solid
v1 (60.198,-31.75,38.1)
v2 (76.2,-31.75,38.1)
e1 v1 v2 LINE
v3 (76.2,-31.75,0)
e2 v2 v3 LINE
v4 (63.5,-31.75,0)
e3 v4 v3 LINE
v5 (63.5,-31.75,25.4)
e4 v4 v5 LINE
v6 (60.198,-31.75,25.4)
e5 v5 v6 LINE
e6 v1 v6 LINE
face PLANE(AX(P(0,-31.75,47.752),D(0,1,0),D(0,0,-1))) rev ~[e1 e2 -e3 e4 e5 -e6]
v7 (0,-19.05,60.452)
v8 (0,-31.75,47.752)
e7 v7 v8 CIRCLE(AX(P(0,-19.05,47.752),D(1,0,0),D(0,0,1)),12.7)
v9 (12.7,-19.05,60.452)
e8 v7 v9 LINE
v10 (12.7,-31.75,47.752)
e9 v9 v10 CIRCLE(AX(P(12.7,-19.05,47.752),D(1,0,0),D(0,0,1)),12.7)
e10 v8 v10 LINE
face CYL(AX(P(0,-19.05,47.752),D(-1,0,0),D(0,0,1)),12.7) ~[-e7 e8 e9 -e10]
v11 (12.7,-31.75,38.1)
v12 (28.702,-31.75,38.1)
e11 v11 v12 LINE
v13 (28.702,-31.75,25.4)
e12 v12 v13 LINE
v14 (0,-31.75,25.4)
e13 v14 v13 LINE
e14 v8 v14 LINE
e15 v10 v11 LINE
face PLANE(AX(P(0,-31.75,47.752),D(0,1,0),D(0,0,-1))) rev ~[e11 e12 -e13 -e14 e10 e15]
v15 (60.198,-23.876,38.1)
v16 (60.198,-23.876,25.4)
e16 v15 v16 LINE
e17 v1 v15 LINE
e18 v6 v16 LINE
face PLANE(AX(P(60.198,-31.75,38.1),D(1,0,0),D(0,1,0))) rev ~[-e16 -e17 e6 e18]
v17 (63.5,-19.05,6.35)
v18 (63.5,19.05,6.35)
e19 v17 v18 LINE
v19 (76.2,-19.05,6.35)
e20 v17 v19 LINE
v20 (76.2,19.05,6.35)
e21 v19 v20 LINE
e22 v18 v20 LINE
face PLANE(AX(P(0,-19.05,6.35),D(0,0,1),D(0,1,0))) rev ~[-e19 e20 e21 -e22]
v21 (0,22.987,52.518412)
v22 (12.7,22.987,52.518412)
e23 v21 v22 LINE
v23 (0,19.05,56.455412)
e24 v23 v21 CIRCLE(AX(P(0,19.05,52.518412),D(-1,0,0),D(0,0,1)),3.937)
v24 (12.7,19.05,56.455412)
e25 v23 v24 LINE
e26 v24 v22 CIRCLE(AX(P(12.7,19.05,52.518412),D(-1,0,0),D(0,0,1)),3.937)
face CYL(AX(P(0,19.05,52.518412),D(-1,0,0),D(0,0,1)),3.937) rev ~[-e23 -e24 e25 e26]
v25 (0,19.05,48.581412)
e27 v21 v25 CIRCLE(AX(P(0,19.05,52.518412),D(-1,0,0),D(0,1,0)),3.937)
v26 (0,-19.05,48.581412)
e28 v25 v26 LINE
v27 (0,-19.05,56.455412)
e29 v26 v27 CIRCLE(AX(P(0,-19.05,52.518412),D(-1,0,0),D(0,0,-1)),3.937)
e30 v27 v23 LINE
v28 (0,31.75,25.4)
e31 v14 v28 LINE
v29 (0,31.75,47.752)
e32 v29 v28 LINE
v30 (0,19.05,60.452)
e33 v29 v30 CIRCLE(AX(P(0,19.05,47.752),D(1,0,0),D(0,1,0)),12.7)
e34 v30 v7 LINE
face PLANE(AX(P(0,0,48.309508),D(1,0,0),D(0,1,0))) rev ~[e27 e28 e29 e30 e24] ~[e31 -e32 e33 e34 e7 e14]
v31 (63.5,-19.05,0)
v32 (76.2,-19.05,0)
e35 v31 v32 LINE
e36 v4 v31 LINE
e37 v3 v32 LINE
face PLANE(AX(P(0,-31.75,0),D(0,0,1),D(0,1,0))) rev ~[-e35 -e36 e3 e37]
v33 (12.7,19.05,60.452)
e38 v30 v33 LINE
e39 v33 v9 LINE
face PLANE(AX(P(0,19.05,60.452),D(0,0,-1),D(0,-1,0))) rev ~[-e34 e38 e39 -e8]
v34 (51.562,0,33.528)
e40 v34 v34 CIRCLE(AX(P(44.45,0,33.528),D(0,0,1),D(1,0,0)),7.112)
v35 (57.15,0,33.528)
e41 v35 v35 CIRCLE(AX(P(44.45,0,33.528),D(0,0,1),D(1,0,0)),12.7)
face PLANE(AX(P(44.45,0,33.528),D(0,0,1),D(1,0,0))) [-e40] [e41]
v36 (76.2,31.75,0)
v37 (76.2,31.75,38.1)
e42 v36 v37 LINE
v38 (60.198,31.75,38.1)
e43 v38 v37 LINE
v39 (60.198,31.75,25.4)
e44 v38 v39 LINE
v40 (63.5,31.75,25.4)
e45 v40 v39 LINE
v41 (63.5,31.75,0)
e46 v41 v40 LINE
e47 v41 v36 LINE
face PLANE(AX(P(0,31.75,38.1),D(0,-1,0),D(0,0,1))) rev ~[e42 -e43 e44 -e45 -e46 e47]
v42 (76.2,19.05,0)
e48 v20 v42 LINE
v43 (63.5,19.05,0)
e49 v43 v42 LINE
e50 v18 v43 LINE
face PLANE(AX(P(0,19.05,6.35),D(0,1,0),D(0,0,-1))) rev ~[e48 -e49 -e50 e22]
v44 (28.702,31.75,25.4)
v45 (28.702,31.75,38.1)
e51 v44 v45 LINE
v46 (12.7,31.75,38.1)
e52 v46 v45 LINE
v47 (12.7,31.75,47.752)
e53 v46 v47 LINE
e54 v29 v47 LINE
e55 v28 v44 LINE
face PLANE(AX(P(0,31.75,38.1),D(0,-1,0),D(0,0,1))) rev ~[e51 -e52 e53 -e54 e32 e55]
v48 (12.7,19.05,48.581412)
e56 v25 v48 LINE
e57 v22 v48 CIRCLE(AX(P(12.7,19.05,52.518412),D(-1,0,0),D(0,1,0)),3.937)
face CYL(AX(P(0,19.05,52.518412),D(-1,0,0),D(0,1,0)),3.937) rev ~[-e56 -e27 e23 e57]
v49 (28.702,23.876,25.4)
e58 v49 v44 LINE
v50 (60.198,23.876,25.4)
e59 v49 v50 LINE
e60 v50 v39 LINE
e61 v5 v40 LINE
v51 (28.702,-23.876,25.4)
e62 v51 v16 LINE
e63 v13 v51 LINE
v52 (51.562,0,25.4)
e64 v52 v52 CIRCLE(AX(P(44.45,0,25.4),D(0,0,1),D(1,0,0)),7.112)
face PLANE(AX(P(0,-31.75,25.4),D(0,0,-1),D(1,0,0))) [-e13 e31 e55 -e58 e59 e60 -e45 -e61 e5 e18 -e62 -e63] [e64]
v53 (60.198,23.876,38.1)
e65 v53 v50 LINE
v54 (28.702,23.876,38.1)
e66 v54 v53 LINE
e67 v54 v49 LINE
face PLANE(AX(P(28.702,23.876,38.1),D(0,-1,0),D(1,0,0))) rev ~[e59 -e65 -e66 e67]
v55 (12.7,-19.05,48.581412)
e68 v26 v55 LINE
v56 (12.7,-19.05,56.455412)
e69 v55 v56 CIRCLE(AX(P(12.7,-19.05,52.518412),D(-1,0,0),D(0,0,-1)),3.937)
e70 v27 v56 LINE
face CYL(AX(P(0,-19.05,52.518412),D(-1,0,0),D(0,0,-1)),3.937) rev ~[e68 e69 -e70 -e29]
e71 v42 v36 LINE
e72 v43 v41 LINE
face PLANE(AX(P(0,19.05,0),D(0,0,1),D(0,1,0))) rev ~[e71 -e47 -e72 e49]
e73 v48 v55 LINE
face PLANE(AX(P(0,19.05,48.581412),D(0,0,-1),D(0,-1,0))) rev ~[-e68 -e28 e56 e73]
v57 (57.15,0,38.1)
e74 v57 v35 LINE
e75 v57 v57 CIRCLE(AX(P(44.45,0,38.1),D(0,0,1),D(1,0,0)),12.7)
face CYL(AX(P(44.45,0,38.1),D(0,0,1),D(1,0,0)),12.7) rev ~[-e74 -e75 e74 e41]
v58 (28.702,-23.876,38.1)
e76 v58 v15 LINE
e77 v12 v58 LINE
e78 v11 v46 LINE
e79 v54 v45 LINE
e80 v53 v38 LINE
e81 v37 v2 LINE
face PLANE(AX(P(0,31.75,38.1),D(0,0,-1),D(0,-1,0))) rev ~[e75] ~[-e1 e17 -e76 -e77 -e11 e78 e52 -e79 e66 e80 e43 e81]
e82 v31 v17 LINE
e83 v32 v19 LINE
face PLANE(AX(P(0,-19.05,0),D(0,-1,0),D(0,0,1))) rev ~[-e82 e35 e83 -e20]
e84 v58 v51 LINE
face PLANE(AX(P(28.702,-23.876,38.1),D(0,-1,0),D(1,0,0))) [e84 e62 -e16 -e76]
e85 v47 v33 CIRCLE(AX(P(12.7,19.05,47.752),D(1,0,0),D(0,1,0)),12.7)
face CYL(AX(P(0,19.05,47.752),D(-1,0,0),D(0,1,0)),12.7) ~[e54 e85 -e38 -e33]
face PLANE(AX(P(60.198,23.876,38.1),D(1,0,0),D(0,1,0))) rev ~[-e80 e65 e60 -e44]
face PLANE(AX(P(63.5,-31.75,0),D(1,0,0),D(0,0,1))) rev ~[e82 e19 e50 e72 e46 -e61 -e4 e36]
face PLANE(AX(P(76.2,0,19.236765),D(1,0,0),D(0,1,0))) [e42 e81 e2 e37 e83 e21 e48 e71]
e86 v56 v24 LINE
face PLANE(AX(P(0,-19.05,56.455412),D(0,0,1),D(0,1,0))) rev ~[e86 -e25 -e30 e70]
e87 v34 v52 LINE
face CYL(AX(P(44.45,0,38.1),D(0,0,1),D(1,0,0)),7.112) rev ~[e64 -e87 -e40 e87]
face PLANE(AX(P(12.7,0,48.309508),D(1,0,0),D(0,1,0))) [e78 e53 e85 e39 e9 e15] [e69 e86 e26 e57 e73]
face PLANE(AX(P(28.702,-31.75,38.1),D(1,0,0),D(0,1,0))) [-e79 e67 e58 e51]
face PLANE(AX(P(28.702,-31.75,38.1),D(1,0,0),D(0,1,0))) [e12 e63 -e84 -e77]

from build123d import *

# Parameters (mm, degrees)
F1_DEPTH  = 76.2
F2_DEPTH  = 12.7
F3_W      = 31.496
F3_H      = 7.874
F4_DEPTH  = 38.101
F6_DEPTH  = 63.501
F7_W      = 31.496
F7_H      = 25.4
F8_DEPTH  = 55.627
F9_W      = 28.702
F9_H      = 25.4
F10_DEPTH = 63.501
F11_R     = 7.112
F12_DEPTH = 38.101
F11_R_2   = 12.7
F13_DEPTH = 4.572


with BuildPart() as f1:
    # F0 (on Right) → F1 (new body)
    with BuildSketch(Plane.YZ):
        Polygon((-31.75, 38.1), (-31.75, 0), (-19.05, 0), (-19.05, 6.35), (19.05, 6.35), (19.05, 0), (31.75, 0), (31.75, 38.1), align=None)
    extrude(amount=F1_DEPTH)

    # F0 (on Right) → F2 (join)
    with BuildSketch(Plane.YZ):
        with BuildLine():
            Line((-31.75, 47.752), (-31.75, 38.1))
            Line((-31.75, 38.1), (31.75, 38.1))
            Line((31.75, 38.1), (31.75, 47.752))
            ThreePointArc((31.75, 47.752), (28.0302561211, 56.7322561211), (19.05, 60.452))
            Line((19.05, 60.452), (-19.05, 60.452))
            ThreePointArc((-19.05, 60.452), (-28.0302561211, 56.7322561211), (-31.75, 47.752))
        make_face()
        with BuildLine():
            ThreePointArc((-19.05, 48.5814124708), (-22.987, 52.5184124708), (-19.05, 56.4554124708))
            Line((-19.05, 56.4554124708), (19.05, 56.4554124708))
            ThreePointArc((19.05, 56.4554124708), (21.8338793975, 55.3022918683), (22.987, 52.5184124708))
            ThreePointArc((22.987, 52.5184124708), (21.8338793975, 49.7345330733), (19.05, 48.5814124708))
            Line((19.05, 48.5814124708), (-19.05, 48.5814124708))
        make_face(mode=Mode.SUBTRACT)
    extrude(amount=F2_DEPTH)

    # F3 (on face) → F4 (cut, through all)
    with BuildSketch(Plane.XY.offset(38.1)):
        with Locations((44.45, 27.813)):
            Rectangle(F3_W, F3_H)
        with Locations((44.45, -27.813)):
            Rectangle(F3_W, F3_H)
    extrude(amount=-F4_DEPTH, mode=Mode.SUBTRACT)

    # F5 (on face) → F6 (cut, through all)
    with BuildSketch(Plane.XZ.offset(31.75)):
        Polygon((60.198, 0), (63.5, 0), (63.5, 25.4), (62.9462525249, 25.4), (60.198, 25.4), align=None)
    extrude(amount=-F6_DEPTH, mode=Mode.SUBTRACT)

    # F7 (on face) → F8 (cut, through all)
    with BuildSketch(Plane.XZ.offset(23.876)):
        with Locations((44.45, 12.7)):
            Rectangle(F7_W, F7_H)
    extrude(amount=-F8_DEPTH, mode=Mode.SUBTRACT)

    # F9 (on face) → F10 (cut, through all)
    with BuildSketch(Plane.XZ.offset(31.75)):
        with Locations((14.351, 12.7)):
            Rectangle(F9_W, F9_H)
    extrude(amount=-F10_DEPTH, mode=Mode.SUBTRACT)

    # F11 (on face) → F12 (cut, through all)
    with BuildSketch(Plane.XY.offset(38.1)):
        with Locations((44.45, 0)):
            Circle(F11_R)
    extrude(amount=-F12_DEPTH, mode=Mode.SUBTRACT)

    # F11 (on face) → F13 (cut)
    with BuildSketch(Plane.XY.offset(38.1)):
        with Locations((44.45, 0)):
            Circle(F11_R_2)
        with Locations((44.45, 0)):
            Circle(F11_R, mode=Mode.SUBTRACT)
    extrude(amount=-F13_DEPTH, mode=Mode.SUBTRACT)


solid = f1.part
